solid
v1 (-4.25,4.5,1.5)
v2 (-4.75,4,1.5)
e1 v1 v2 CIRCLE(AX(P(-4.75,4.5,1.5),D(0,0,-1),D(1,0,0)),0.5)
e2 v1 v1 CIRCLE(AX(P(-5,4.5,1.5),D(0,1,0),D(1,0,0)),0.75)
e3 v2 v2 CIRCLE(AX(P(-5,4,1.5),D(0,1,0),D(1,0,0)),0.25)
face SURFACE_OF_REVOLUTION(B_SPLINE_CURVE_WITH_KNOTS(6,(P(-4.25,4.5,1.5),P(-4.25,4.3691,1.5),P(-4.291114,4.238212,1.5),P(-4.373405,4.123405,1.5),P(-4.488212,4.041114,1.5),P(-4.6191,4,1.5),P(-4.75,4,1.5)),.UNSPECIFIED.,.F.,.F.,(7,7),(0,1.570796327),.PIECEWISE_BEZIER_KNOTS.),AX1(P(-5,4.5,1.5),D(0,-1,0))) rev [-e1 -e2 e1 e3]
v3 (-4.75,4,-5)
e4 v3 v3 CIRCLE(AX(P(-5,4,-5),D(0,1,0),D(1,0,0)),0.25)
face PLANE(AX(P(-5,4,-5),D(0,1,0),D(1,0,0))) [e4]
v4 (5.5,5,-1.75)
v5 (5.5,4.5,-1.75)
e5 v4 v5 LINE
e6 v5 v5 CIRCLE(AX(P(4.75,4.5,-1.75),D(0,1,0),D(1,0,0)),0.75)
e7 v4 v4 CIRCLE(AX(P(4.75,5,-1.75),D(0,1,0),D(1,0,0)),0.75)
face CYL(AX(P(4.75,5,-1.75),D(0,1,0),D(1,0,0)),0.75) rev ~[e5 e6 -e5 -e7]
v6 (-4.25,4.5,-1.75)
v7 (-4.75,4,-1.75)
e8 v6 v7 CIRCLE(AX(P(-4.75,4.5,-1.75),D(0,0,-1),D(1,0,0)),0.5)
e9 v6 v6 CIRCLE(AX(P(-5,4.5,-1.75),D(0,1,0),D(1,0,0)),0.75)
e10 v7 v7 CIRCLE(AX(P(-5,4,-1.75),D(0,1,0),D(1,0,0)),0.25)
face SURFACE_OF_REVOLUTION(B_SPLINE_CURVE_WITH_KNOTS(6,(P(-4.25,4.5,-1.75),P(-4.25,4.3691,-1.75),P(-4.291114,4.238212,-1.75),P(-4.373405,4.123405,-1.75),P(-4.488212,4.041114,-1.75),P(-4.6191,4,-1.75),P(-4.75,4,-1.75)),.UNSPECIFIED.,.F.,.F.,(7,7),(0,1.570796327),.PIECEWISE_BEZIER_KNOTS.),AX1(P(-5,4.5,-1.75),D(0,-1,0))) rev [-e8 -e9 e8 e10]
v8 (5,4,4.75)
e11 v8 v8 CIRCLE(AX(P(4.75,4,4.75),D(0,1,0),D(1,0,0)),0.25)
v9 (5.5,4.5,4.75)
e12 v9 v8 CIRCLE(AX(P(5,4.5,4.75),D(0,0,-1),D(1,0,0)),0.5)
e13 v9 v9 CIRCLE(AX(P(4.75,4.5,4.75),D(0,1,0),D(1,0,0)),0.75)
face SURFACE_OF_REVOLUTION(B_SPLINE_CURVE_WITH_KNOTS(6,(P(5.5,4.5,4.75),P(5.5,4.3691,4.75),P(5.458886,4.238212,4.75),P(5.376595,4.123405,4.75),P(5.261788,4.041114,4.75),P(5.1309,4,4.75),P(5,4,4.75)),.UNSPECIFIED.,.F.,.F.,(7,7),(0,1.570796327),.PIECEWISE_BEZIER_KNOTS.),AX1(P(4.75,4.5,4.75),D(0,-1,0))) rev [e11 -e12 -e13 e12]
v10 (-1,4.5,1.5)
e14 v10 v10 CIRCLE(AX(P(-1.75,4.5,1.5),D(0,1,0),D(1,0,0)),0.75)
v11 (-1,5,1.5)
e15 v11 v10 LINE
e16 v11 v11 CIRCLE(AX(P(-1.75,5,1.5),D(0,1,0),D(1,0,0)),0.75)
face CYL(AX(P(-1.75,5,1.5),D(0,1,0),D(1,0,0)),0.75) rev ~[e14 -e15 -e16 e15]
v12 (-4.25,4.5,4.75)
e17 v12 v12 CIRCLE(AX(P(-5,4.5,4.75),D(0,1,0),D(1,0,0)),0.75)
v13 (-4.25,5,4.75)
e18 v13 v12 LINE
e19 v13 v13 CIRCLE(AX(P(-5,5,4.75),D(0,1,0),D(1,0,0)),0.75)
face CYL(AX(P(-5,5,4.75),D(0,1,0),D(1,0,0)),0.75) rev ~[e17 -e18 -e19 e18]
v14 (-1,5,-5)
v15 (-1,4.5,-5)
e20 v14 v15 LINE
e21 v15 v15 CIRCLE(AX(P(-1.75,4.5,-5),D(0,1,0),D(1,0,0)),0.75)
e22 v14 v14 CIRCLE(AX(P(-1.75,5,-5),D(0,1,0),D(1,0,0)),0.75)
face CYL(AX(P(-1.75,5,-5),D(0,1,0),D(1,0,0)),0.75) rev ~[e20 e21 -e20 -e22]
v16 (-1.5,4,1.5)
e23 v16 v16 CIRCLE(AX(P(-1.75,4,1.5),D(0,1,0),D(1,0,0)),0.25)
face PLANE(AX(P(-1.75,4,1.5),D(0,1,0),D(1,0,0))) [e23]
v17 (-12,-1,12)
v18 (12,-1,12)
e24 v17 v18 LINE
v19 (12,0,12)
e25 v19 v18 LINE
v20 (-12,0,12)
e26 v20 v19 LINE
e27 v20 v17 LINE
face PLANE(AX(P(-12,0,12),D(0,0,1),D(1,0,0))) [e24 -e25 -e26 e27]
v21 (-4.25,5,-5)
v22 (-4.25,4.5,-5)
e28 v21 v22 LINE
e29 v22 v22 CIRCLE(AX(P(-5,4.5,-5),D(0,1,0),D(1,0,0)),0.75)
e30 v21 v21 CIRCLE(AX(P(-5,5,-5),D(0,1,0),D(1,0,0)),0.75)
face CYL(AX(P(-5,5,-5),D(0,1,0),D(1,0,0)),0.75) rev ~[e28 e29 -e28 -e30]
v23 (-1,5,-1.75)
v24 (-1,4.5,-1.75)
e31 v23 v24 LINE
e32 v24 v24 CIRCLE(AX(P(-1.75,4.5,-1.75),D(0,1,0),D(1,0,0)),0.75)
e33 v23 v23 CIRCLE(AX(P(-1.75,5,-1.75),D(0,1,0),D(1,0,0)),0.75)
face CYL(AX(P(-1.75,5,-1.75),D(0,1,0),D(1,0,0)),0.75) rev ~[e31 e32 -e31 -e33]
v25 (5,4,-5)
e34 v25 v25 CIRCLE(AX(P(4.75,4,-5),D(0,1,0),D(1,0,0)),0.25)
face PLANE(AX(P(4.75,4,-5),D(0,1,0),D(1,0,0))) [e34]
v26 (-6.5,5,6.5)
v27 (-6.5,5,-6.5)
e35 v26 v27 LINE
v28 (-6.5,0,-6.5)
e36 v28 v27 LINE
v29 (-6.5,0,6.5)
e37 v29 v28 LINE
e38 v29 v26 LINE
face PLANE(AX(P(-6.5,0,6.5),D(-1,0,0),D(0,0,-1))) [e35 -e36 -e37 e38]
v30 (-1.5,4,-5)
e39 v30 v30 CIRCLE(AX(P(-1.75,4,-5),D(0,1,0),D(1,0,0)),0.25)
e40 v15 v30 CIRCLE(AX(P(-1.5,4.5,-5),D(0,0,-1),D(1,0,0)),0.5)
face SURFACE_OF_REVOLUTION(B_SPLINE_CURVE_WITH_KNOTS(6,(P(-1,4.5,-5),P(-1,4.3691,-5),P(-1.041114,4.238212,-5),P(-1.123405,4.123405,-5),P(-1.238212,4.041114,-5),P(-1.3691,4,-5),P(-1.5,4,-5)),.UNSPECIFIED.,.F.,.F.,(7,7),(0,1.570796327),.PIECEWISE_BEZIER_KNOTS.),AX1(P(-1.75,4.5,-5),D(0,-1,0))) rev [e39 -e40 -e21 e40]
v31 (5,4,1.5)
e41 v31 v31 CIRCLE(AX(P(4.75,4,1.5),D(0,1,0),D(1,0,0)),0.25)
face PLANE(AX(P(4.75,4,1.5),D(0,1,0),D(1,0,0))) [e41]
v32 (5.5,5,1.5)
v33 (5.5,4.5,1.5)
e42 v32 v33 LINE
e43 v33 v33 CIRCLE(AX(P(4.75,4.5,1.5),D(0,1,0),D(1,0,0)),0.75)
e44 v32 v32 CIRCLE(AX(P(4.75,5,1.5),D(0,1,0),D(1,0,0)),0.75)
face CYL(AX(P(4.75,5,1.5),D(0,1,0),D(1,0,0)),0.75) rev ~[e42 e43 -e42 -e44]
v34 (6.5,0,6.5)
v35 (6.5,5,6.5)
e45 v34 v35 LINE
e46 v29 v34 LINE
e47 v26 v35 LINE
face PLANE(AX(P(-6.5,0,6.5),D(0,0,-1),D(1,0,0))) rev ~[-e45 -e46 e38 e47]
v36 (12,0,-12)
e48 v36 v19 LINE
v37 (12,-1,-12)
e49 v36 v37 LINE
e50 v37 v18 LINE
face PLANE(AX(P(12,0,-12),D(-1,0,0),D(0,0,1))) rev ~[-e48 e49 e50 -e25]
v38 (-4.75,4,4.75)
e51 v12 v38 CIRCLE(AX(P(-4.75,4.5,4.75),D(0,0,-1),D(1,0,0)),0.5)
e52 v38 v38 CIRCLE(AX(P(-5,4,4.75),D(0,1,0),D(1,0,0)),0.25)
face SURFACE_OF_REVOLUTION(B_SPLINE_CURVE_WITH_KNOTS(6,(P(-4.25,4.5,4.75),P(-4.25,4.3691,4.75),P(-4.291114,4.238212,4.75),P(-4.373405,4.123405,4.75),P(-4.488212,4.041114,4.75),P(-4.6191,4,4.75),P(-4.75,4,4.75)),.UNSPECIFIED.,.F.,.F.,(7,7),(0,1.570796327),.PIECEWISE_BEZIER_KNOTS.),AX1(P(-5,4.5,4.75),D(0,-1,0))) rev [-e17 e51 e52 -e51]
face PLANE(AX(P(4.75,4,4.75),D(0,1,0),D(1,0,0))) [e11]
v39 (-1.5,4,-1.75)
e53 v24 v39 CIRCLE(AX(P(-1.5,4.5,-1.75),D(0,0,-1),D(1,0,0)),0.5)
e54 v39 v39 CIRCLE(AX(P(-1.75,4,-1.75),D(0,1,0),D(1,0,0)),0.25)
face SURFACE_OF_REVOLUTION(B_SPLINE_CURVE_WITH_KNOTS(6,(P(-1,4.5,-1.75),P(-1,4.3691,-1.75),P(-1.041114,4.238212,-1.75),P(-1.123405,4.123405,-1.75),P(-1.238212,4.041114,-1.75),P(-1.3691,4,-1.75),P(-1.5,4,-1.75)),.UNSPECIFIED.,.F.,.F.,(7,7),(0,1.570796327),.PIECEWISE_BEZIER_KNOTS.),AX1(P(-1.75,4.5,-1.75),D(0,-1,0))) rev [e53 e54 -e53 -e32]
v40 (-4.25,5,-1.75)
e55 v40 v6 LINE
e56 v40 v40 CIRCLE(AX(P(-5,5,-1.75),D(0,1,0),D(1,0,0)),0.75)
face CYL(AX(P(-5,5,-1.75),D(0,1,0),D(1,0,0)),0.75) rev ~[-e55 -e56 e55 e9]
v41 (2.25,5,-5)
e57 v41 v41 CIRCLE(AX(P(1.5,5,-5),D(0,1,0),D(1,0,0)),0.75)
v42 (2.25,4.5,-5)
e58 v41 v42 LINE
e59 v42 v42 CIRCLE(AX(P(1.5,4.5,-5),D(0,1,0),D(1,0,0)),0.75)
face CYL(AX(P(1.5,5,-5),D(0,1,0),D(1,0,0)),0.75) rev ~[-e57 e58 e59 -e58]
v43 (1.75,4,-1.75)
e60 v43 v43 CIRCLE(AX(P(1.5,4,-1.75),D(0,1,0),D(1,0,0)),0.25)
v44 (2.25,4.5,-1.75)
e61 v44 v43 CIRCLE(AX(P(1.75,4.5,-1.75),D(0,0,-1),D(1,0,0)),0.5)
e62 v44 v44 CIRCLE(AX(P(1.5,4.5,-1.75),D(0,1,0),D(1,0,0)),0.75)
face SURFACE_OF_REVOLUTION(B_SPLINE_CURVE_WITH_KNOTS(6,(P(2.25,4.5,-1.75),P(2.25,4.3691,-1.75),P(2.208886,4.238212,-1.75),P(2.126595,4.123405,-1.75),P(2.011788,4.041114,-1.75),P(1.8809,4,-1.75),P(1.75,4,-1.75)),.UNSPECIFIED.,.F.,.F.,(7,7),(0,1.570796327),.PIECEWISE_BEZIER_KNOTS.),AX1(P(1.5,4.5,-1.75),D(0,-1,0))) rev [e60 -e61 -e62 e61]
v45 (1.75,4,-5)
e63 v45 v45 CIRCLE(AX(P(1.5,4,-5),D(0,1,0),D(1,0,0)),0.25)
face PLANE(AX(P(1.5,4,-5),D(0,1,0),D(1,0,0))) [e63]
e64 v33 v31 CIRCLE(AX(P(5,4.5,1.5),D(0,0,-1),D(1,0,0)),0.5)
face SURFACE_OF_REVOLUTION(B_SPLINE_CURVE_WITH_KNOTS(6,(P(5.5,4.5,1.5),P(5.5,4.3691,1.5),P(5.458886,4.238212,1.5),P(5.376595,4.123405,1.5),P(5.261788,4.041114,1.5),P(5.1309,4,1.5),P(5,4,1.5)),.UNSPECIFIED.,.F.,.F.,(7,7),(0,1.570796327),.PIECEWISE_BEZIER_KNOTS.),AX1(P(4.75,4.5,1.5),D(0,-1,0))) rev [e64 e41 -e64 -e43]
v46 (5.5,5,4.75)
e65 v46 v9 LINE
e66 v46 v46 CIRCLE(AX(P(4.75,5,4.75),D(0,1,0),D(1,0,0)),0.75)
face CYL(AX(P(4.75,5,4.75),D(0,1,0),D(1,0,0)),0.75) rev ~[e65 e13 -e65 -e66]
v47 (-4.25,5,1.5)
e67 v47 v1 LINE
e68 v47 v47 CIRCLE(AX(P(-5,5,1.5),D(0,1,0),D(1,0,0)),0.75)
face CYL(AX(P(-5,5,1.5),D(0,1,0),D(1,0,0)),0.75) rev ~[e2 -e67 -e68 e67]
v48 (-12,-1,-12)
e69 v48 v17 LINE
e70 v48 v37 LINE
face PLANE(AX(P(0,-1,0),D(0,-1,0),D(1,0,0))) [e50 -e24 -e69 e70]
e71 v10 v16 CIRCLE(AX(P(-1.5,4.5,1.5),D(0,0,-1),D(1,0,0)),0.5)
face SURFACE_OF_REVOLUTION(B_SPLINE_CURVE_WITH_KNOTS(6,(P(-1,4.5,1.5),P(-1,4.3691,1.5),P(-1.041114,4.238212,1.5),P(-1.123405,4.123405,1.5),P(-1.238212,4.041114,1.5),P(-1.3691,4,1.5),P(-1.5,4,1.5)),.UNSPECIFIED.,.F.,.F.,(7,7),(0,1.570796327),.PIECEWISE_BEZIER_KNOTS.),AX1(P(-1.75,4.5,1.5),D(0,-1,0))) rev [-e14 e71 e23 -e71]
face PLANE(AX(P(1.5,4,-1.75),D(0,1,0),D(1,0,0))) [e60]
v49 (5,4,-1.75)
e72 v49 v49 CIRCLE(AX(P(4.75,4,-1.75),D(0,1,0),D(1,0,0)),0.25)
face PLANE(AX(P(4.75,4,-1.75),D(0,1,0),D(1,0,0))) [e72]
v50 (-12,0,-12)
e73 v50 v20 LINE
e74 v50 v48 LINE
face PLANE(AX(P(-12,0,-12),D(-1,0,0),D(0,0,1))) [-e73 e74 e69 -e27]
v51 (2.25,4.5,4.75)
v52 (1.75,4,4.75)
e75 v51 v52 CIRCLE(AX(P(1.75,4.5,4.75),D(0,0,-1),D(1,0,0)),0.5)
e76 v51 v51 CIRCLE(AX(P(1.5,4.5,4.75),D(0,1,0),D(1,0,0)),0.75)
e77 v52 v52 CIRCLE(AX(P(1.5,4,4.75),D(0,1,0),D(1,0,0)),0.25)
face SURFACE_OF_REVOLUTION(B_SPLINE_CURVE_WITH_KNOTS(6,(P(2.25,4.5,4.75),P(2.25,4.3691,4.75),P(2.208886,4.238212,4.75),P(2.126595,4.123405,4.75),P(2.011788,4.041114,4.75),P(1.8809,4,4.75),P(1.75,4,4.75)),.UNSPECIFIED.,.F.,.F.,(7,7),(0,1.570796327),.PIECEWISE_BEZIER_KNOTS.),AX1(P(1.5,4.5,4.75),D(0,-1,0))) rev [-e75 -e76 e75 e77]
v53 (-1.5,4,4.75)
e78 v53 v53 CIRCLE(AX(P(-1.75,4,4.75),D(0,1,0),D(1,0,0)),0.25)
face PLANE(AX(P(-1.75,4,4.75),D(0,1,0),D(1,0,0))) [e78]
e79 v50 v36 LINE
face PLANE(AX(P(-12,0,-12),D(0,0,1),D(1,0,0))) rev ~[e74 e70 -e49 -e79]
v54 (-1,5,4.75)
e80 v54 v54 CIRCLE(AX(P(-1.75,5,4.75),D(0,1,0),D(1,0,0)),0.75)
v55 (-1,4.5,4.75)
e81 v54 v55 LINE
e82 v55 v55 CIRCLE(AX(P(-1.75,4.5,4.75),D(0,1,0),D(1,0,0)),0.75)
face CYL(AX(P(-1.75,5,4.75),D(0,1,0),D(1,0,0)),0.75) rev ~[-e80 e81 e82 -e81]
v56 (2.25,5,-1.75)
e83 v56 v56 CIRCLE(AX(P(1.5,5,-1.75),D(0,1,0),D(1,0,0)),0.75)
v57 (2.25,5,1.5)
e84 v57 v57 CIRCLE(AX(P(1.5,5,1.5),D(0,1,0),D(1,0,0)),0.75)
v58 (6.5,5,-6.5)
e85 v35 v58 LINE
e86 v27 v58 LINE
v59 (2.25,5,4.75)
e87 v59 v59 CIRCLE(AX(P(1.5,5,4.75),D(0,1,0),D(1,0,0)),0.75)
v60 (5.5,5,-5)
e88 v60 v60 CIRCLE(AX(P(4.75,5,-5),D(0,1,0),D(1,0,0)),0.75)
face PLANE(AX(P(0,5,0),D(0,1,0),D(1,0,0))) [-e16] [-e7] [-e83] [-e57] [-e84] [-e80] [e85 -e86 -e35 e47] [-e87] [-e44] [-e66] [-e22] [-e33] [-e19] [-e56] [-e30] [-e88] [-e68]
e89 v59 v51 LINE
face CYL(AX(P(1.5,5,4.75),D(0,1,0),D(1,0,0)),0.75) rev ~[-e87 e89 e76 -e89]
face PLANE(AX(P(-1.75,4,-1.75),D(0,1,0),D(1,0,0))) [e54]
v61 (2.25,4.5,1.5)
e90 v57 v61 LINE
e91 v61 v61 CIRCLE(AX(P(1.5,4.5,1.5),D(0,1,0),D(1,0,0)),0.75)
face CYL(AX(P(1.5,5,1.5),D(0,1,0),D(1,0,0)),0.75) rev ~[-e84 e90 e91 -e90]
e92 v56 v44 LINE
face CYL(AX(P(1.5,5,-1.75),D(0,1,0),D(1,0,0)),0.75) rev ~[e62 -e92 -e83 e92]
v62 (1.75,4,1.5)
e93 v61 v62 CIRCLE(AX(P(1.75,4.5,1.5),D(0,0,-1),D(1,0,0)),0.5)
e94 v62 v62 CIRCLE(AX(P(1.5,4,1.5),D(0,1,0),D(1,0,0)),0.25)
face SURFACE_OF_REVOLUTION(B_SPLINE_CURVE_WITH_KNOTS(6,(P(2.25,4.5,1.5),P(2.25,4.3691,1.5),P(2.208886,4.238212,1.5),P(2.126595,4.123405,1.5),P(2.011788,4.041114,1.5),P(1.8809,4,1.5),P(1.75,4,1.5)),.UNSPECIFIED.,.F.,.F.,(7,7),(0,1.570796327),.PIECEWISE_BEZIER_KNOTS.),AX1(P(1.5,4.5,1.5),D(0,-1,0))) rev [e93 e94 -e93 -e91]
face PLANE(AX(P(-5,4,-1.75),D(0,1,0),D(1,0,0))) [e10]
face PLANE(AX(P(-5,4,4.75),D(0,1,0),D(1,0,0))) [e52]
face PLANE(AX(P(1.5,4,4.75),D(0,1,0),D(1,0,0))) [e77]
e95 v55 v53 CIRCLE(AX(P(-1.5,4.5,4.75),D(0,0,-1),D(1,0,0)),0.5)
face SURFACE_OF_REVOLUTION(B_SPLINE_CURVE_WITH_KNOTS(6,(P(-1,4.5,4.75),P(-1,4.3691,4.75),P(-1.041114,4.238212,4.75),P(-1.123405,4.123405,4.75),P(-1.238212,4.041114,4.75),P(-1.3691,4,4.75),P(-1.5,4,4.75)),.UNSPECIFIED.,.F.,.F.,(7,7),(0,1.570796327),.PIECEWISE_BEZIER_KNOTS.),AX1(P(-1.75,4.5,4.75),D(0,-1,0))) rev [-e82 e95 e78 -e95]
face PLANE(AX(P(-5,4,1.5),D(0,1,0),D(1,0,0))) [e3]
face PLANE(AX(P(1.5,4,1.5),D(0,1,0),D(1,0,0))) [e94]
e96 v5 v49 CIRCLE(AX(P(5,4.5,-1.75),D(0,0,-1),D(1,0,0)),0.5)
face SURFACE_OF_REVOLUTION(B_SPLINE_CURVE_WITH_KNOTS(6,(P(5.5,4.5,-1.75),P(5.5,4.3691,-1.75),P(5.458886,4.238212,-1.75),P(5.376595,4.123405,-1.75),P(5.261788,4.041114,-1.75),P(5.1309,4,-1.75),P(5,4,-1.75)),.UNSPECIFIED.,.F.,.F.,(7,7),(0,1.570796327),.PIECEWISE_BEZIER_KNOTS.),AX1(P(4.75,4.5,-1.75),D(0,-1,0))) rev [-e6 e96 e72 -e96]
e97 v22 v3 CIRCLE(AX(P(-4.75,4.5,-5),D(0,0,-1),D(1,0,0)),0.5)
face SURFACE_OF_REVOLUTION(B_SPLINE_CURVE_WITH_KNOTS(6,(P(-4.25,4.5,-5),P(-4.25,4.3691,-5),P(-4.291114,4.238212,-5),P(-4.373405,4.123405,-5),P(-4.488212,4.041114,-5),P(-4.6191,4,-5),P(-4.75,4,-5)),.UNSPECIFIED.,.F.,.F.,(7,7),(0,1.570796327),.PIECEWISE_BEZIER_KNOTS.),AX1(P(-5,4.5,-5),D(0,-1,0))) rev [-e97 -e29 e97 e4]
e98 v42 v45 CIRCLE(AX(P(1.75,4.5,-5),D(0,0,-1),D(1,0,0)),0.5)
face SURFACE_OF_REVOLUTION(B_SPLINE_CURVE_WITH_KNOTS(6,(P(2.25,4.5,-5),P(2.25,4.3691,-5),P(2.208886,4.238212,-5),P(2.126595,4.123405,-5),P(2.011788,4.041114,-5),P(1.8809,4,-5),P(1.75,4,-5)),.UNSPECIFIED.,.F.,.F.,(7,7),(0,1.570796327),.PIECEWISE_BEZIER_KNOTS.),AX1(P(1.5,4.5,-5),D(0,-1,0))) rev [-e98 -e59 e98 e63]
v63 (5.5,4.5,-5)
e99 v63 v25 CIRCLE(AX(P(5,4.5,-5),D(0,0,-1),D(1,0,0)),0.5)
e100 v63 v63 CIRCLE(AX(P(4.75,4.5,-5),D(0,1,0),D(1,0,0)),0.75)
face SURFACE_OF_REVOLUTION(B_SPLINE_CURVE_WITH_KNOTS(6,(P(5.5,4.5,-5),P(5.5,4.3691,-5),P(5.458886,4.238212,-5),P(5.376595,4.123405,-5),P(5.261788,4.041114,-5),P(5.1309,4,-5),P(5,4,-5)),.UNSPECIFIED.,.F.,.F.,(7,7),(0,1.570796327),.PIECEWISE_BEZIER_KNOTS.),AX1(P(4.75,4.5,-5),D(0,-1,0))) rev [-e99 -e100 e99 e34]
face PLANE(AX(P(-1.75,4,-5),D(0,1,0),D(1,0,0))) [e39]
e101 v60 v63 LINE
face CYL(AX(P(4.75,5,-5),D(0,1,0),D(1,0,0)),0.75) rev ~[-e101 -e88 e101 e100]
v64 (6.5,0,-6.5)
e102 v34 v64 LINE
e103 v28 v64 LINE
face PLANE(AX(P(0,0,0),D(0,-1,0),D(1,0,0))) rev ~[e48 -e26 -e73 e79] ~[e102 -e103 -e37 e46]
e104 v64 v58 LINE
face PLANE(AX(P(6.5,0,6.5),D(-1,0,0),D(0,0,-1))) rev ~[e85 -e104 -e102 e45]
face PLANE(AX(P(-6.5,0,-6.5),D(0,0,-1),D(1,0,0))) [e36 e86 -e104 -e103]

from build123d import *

# Parameters (mm, degrees)
SKETCH1_W              = 13
SKETCH1_H              = 13
BOSS_EXTRUDE1_DEPTH    = 5
SKETCH2_W              = 24
SKETCH2_H              = 24
BOSS_EXTRUDE2_DEPTH    = 1
SKETCH3_R              = 0.75
CUT_EXTRUDE1_DEPTH     = 1
FILLET1_R              = 0.5
LPATTERN1_COUNT        = 4
LPATTERN1_PITCH        = 3.25
LPATTERN1_COUNT_DIR2   = 4
LPATTERN1_PITCH_DIR2   = 3.25
FILLET1_OF_LPATTERN1_R = 0.5


with BuildPart() as part:
    # Sketch1 → Boss-Extrude1 (new body)
    with BuildSketch(Plane(origin=(0, 0, 0), x_dir=(1, 0, 0), z_dir=(0, 1, 0))):
        Rectangle(SKETCH1_W, SKETCH1_H)
    extrude(amount=BOSS_EXTRUDE1_DEPTH)

    # Sketch2 → Boss-Extrude2 (add)
    with BuildSketch(Plane.XZ):
        Rectangle(SKETCH2_W, SKETCH2_H)
    extrude(amount=BOSS_EXTRUDE2_DEPTH)

    # Sketch3 → Cut-Extrude1 (cut)
    with BuildSketch(Plane(origin=(0, 5, 0), x_dir=(1, 0, 0), z_dir=(0, 1, 0))):
        with Locations((-5, 5)):
            Circle(SKETCH3_R)
    cut_extrude1 = extrude(amount=-CUT_EXTRUDE1_DEPTH, mode=Mode.SUBTRACT)

    # Fillet1
    fillet1_edges = [part.edges().sort_by_distance(p)[0] for p in [
        (-5.75, 4, -5),
    ]]
    fillet(fillet1_edges, radius=FILLET1_R)

    # LPattern1: Cut-Extrude1 4 × 4
    with Locations(*[(i * LPATTERN1_PITCH, 0, j * LPATTERN1_PITCH_DIR2) for i in range(LPATTERN1_COUNT) for j in range(LPATTERN1_COUNT_DIR2) if (i, j) != (0, 0)]):
        add(cut_extrude1, mode=Mode.SUBTRACT)

    # Fillet1 of LPattern1
    fillet1_of_lpattern1_edges = [part.edges().sort_by_distance(p)[0] for p in [
        (-5.75, 4, -1.75),
        (-5.75, 4, 1.5),
        (-5.75, 4, 4.75),
        (-2.5, 4, -5),
        (-2.5, 4, -1.75),
        (-2.5, 4, 1.5),
        (-2.5, 4, 4.75),
        (0.75, 4, -5),
        (0.75, 4, -1.75),
        (0.75, 4, 1.5),
        (0.75, 4, 4.75),
        (4, 4, -5),
        (4, 4, -1.75),
        (4, 4, 1.5),
        (4, 4, 4.75),
    ]]
    fillet(fillet1_of_lpattern1_edges, radius=FILLET1_OF_LPATTERN1_R)


solid = part.part
